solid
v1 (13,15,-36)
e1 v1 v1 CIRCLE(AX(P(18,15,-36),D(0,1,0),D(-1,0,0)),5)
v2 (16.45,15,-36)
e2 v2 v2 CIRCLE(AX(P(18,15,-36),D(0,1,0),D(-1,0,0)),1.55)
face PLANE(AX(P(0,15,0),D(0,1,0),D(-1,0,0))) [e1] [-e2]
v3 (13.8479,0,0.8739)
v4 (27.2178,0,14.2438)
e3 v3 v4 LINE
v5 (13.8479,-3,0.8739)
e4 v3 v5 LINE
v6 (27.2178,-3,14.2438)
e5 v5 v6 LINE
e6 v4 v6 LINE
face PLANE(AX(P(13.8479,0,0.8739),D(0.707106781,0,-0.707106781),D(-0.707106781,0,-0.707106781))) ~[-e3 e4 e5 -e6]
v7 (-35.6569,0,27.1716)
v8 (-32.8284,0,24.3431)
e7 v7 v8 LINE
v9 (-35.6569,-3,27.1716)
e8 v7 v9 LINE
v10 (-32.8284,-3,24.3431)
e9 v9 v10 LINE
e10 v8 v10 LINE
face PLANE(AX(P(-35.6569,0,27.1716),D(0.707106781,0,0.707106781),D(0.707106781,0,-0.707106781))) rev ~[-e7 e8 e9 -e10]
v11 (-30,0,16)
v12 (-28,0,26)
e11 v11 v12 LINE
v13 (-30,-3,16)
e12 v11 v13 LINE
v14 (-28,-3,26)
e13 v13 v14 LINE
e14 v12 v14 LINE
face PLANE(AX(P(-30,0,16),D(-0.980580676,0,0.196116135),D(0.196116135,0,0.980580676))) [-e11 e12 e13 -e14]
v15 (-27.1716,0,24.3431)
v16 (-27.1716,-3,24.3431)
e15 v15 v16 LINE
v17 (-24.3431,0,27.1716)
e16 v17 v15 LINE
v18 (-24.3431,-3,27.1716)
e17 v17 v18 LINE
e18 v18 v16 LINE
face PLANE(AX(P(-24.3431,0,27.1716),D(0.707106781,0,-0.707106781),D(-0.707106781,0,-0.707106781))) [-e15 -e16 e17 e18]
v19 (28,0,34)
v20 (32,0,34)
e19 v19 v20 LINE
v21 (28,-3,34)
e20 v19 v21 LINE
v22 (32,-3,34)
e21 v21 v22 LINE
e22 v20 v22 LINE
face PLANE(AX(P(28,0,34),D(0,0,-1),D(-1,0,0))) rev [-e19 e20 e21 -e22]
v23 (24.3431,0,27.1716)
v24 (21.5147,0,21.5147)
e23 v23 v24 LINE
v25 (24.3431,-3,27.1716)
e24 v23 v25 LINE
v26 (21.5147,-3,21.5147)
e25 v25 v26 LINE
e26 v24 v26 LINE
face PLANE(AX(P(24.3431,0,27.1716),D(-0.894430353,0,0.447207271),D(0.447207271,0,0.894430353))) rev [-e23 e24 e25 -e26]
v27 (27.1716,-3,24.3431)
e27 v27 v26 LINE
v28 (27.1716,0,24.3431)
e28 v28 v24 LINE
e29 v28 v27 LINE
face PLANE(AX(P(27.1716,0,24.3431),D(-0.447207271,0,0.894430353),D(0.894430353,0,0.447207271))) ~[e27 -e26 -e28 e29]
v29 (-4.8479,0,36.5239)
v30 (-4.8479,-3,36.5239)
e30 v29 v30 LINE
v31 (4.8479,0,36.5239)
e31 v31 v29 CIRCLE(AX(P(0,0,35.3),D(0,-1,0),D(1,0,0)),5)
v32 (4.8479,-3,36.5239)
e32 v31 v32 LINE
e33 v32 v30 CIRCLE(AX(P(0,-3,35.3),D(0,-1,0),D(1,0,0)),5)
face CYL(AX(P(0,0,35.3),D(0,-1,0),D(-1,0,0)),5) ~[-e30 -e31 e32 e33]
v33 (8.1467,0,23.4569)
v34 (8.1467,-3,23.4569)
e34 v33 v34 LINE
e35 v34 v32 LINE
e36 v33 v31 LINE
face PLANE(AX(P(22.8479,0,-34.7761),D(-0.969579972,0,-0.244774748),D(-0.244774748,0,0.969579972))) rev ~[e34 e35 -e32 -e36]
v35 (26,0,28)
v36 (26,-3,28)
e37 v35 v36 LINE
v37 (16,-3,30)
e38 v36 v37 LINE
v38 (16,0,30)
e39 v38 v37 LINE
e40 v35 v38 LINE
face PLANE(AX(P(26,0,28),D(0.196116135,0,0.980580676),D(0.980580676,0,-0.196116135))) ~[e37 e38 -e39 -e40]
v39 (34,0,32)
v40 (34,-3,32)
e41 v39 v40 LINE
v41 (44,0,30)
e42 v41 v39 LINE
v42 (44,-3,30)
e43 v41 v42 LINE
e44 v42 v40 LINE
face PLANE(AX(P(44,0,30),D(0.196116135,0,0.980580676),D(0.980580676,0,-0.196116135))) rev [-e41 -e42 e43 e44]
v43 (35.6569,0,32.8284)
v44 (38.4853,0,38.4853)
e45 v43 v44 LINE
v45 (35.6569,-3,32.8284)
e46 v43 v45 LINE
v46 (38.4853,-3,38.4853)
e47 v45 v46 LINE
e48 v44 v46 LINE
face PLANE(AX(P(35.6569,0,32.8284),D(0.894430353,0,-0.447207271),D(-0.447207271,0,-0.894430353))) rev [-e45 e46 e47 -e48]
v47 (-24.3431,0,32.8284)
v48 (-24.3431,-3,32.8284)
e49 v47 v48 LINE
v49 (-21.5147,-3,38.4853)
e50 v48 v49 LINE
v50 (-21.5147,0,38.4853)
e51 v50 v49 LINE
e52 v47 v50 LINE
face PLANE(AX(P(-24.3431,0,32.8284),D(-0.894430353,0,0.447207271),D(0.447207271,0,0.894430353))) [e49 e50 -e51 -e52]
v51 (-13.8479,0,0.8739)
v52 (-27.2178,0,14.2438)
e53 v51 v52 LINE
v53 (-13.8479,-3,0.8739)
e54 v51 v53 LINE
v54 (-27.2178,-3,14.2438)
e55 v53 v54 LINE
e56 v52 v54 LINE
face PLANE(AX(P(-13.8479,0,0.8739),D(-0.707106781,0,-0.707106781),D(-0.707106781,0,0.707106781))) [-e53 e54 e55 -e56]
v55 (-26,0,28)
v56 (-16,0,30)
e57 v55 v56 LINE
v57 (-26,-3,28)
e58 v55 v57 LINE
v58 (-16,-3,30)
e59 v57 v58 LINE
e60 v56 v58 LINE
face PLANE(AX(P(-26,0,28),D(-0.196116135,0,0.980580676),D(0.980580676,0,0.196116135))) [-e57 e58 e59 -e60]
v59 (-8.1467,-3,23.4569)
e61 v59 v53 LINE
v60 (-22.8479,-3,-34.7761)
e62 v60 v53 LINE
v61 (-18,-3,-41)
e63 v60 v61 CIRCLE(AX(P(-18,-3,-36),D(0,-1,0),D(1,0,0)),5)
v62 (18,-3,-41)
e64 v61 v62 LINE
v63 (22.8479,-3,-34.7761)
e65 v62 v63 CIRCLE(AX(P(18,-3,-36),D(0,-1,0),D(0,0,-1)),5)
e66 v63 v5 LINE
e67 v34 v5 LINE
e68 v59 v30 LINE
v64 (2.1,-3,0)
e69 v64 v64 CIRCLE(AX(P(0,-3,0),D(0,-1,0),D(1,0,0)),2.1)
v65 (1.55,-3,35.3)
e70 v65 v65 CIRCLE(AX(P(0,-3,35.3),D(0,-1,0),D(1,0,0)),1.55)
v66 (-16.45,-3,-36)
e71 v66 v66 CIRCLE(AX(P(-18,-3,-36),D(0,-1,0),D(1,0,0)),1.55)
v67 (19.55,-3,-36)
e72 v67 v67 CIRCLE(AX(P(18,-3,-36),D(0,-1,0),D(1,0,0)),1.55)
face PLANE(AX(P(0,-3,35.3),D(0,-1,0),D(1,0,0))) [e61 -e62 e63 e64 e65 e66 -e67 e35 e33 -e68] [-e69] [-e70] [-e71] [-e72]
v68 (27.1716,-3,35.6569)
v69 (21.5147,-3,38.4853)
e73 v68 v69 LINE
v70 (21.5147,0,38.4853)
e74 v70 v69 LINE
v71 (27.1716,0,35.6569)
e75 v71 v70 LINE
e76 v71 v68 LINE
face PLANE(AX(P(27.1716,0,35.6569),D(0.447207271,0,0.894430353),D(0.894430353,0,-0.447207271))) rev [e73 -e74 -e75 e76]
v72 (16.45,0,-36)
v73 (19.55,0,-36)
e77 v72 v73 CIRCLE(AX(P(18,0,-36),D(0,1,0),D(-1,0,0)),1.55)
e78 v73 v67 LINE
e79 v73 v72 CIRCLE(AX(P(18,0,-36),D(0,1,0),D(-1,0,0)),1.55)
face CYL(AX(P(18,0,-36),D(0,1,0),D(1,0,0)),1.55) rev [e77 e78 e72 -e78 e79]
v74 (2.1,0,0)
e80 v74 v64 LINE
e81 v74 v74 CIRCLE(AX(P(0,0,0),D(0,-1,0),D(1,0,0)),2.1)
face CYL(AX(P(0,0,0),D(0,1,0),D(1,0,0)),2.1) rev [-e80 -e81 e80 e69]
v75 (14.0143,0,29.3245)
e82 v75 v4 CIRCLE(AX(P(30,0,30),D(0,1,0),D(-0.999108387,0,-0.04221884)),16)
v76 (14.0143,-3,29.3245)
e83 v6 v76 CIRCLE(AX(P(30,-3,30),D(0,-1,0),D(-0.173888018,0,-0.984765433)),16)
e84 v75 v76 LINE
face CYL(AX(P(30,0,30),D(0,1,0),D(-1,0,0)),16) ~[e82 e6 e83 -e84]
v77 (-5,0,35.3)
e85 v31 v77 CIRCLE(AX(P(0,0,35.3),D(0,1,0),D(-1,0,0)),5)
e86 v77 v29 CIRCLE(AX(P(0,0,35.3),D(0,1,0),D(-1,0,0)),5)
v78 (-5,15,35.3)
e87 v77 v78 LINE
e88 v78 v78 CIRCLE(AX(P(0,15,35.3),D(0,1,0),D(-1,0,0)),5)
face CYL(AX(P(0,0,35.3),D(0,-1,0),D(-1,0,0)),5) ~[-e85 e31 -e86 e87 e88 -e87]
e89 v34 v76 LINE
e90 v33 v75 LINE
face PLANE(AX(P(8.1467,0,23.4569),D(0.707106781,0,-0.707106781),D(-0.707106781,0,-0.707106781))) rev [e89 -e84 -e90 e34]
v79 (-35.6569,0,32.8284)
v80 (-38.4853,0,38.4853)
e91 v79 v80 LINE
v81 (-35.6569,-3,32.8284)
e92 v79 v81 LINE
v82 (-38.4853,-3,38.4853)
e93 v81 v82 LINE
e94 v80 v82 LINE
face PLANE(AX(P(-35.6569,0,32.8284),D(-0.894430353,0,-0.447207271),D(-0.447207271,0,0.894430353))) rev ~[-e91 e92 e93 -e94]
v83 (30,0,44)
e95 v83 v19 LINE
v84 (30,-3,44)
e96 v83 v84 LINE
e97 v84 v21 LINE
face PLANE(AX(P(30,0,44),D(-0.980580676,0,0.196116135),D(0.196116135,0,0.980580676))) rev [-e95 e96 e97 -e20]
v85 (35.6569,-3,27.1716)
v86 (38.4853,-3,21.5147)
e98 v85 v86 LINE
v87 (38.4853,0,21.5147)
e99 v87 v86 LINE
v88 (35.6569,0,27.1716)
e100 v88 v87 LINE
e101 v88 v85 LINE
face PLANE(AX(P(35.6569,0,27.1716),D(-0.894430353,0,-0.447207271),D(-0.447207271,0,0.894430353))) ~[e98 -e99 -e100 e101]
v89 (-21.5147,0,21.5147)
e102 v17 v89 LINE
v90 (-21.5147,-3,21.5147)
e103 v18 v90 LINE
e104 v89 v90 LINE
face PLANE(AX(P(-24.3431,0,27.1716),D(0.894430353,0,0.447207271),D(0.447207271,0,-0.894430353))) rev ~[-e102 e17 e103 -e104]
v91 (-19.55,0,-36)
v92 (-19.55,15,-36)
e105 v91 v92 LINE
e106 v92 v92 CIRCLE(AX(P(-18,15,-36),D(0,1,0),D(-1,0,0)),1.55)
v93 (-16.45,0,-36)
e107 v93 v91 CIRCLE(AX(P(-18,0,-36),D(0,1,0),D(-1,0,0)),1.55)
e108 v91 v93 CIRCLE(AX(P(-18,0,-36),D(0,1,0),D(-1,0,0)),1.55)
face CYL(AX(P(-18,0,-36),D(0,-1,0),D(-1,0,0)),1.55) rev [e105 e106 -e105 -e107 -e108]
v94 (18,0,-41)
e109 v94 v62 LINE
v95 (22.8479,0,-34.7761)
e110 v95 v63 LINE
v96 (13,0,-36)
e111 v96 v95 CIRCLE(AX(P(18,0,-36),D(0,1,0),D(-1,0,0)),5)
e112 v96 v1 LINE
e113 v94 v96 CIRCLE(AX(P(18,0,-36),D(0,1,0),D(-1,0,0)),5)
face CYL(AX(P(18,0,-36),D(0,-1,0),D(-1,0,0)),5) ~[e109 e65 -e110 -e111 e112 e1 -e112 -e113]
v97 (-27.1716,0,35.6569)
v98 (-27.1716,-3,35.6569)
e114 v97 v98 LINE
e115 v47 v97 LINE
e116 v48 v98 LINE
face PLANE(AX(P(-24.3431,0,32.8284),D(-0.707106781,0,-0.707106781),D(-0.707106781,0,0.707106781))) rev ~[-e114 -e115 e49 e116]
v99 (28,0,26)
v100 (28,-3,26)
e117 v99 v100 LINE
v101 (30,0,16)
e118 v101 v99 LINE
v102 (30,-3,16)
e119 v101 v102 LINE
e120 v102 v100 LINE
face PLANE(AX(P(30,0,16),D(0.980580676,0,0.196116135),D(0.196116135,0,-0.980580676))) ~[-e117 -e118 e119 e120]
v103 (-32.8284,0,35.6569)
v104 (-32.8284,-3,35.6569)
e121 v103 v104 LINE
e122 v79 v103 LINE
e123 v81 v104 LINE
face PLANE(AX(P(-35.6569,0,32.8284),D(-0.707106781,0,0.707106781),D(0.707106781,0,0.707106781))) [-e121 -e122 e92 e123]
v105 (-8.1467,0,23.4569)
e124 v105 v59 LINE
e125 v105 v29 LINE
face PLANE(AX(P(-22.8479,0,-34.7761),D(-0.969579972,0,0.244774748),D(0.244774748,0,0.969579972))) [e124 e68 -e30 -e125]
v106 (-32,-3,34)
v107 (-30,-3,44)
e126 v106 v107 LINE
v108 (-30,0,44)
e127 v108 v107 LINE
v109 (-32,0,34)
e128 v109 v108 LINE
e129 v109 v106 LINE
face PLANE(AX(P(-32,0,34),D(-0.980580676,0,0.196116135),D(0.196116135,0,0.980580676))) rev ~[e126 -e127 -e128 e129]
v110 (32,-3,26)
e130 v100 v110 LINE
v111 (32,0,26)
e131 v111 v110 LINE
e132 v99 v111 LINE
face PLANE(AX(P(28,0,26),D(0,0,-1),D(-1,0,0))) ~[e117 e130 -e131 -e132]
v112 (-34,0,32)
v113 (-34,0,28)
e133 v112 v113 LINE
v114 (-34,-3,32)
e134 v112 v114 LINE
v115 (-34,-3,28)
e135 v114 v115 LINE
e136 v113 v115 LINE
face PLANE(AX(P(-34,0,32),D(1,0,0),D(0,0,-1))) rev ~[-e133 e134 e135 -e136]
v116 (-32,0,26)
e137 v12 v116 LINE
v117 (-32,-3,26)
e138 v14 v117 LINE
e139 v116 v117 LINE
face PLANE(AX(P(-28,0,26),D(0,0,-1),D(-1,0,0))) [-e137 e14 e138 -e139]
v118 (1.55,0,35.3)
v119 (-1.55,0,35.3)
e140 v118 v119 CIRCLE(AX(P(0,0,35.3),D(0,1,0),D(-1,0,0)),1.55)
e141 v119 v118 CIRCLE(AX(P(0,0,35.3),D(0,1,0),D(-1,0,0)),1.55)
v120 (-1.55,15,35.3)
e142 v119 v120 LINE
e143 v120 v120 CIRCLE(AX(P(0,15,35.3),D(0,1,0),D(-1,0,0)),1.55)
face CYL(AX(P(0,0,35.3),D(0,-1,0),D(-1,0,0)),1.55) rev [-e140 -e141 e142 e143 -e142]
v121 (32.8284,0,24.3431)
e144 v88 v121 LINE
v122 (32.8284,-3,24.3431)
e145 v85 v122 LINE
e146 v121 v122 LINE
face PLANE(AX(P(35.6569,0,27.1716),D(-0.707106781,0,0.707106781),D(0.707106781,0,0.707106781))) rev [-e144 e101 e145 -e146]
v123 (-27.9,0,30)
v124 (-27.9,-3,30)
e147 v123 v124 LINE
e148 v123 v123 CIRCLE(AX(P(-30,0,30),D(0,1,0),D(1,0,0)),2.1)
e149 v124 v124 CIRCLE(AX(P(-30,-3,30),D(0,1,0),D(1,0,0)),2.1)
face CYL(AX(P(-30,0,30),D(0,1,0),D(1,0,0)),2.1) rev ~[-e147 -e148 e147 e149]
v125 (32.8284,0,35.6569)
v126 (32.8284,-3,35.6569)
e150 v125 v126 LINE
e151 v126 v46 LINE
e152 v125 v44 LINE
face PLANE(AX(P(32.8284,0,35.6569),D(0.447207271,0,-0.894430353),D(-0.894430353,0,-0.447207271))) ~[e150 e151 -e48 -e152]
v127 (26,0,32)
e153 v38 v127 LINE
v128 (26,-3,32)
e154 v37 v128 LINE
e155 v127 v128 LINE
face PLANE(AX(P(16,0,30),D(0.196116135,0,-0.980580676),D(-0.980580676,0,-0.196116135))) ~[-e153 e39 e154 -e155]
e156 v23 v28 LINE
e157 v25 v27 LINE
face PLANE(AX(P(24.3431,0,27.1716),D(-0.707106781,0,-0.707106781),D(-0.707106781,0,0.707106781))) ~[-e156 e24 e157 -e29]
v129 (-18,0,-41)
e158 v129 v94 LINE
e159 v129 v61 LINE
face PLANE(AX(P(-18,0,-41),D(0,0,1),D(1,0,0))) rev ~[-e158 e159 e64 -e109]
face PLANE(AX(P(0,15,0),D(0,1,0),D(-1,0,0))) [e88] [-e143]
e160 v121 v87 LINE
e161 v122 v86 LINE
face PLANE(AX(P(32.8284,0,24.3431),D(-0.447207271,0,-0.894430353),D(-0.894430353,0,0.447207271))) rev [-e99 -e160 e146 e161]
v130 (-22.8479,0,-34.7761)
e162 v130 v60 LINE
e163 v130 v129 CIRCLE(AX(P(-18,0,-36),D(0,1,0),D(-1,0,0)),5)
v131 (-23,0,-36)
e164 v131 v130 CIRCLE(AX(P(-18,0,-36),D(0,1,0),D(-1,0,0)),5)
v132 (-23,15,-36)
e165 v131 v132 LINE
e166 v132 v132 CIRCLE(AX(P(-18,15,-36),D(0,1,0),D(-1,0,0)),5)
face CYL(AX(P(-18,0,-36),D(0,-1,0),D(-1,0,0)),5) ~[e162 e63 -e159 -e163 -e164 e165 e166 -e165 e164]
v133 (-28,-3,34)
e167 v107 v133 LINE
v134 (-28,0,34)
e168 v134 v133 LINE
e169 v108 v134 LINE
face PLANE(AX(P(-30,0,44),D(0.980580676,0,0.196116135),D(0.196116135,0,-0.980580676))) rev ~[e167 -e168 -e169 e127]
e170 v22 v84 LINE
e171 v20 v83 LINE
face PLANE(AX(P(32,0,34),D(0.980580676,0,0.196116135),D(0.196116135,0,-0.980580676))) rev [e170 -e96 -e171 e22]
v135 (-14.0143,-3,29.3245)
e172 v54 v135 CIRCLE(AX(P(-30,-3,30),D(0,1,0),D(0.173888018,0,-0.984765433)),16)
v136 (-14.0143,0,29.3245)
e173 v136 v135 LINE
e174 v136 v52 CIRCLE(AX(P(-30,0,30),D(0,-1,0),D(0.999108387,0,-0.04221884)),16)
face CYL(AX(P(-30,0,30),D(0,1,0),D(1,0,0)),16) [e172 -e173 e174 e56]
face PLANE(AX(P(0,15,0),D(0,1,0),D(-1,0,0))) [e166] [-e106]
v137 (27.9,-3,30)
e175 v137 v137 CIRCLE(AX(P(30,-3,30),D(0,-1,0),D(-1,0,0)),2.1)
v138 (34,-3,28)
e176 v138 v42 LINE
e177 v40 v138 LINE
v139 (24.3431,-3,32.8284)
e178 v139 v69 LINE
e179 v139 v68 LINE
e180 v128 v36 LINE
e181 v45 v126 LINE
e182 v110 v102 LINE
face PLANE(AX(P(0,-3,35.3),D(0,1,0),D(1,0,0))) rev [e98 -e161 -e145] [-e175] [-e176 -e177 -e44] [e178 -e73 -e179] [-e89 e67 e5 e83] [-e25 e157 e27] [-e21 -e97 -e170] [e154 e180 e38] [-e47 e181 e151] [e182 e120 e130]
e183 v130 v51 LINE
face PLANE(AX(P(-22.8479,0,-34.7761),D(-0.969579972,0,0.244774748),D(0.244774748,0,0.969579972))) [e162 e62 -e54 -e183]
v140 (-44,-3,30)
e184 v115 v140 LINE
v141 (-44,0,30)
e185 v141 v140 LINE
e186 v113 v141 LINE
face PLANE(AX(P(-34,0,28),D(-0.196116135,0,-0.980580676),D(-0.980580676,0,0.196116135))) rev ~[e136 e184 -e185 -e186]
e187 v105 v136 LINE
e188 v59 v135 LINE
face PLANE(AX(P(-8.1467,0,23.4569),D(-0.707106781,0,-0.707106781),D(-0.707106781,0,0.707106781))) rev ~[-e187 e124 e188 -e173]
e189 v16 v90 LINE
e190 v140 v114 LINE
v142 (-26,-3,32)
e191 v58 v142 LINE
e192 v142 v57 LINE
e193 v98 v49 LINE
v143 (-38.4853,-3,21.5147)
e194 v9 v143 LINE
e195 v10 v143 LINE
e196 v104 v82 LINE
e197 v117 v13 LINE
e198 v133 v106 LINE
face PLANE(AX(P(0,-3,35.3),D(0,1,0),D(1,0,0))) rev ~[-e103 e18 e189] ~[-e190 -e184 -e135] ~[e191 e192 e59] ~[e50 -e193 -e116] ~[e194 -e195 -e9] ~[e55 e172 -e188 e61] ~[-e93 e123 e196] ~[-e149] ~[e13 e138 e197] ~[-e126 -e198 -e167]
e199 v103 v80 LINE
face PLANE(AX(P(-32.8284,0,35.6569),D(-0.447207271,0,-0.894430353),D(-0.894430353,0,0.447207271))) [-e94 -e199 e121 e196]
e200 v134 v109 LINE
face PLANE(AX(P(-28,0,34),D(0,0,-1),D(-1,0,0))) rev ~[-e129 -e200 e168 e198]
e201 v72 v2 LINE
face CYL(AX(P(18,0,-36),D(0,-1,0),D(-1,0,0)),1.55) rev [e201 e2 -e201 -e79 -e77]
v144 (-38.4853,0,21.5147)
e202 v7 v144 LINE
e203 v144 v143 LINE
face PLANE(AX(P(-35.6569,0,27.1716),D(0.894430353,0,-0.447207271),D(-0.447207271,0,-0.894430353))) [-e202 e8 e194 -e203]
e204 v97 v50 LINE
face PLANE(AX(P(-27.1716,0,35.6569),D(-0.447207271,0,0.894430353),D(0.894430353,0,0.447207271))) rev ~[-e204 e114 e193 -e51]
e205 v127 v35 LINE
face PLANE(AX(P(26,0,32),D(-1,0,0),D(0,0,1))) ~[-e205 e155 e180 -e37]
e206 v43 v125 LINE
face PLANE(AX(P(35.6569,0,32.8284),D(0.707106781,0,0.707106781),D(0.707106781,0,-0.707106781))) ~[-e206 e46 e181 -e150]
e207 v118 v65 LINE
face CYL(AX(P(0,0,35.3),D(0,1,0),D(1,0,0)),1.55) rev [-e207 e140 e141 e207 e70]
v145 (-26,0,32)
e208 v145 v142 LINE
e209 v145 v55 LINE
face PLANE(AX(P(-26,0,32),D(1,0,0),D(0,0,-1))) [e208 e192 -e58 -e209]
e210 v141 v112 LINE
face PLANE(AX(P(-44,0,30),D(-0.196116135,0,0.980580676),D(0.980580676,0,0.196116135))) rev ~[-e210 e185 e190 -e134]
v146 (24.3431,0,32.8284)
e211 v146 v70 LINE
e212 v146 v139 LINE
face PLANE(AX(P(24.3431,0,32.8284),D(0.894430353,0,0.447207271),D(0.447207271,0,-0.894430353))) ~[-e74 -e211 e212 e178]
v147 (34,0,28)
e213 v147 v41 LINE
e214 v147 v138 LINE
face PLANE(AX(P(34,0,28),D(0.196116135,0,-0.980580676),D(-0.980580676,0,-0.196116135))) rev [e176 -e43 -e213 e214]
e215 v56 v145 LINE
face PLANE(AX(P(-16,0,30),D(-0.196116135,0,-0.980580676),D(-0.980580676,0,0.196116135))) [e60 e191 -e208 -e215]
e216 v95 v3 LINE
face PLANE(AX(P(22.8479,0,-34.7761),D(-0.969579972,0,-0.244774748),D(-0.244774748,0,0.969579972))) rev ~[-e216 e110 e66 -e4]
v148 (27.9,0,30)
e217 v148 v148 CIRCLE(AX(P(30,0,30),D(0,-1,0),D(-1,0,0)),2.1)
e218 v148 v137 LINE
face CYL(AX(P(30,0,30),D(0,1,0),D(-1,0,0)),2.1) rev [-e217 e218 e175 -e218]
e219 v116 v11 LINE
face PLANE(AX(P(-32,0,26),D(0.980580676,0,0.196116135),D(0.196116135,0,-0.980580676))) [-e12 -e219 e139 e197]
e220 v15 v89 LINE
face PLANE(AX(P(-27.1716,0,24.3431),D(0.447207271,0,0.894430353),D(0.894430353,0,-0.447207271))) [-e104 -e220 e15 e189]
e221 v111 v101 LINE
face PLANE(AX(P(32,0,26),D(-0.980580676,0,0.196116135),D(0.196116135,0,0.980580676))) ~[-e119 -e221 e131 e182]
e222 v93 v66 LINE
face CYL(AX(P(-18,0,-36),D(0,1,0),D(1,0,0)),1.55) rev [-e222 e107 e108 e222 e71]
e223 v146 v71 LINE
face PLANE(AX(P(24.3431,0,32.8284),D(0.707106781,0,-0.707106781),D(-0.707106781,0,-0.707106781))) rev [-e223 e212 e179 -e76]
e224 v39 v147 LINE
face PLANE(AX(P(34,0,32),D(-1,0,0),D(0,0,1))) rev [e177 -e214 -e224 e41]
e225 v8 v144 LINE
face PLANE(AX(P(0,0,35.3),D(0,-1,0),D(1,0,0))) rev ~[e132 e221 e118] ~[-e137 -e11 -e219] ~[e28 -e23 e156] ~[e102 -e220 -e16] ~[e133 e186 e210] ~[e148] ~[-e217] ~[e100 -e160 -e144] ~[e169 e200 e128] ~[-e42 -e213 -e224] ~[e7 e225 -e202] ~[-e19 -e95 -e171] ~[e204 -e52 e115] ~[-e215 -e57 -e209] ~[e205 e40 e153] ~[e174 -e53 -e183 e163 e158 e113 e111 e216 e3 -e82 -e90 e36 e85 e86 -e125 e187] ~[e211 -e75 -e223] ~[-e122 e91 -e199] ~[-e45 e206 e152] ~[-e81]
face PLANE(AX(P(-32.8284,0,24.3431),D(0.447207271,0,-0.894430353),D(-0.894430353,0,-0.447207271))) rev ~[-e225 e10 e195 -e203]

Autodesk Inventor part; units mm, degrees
ref_plane "YZ Plane" through (0, 0, 0) normal (1, 0, 0) x (0, 1, 0)
ref_plane "XZ Plane" through (0, 0, 0) normal (0, 1, 0) x (-1, 0, 0)
ref_plane "XY Plane" through (0, 0, 0) normal (0, 0, 1) x (1, 0, 0)
sketch "Sketch1" plane through (0, 0, 0) normal (0, 1, 0) x (-1, 0, 0)
  circle A0 centre (0, 35.3) radius 1.55
  circle A1 centre (18, -36) radius 1.55
  circle A2 centre (-18, -36) radius 1.55
  circle A3 centre (0, 35.3) radius 5
  circle A4 centre (18, -36) radius 5
  circle A5 centre (-18, -36) radius 5
  point P0 (0, 0)
  dimension "d0" = 35.3
  dimension "d1" = 36
  dimension "d2" = 3.1
  dimension "d3" = 10
  dimension "d4" = 36
  dimension "d5" = 18
extrude "Extrusion1" add sketch "Sketch1" along normal blind 15
sketch "Sketch2" plane through (0, 0, 35.3) normal (0, -1, 0) x (1, 0, 0)
  circle A0 centre (0, 0) radius 5 projected
  circle A1 centre (0, 0) radius 1.55 projected
  circle A2 centre (-18, -71.3) radius 1.55 projected
  circle A3 centre (-18, -71.3) radius 5 projected
  circle A4 centre (18, -71.3) radius 1.55 projected
  circle A5 centre (18, -71.3) radius 5 projected
  line L0 (-22.8479, -70.0761) -> (-4.8479, 1.2239)
  line L1 (22.8479, -70.0761) -> (4.8479, 1.2239)
  line L2 (-18, -76.3) -> (18, -76.3)
  circle A6 centre (0, -35.3) radius 2.1
  dimension "d8" = 4.2
extrude "Extrusion2" add sketch "Sketch2" along normal blind 3
sketch "Sketch3" plane through (0, 0, 35.3) normal (0, 1, 0) x (1, 0, 0)
  circle A0 centre (-30, 5.3) radius 16
  circle A1 centre (0, 35.3) radius 29.9 construction
  line L0 (0, 35.3) -> (-30, 5.3) construction
  line L1 (0, 35.3) -> (-30, 35.3) construction
  circle A2 centre (-30, 5.3) radius 2.1 construction
  line L2 (-28, 9.3) -> (-32, 9.3)
  line L3 (-32, 9.3) -> (-30, 19.3)
  line L4 (-30, 19.3) -> (-28, 9.3)
  line L5 (-27.9, 5.3) -> (-32.1, 5.3) construction
  line L6 (-30, 3.2) -> (-30, 7.4) construction
  line L7 (-30, 5.3) -> (-30, 35.3) construction
  line L8 (-26, 3.3) -> (-26, 7.3)
  line L9 (-26, 7.3) -> (-16, 5.3)
  line L10 (-16, 5.3) -> (-26, 3.3)
  line L11 (-24.3431, 8.1284) -> (-27.1716, 10.9569)
  line L12 (-27.1716, 10.9569) -> (-21.5147, 13.7853)
  line L13 (-24.3431, 8.1284) -> (-21.5147, 13.7853)
  circle A3 centre (-30, 5.3) radius 2.1
  line L14 (-24.3431, 2.4716) -> (-27.1716, -0.3569)
  line L15 (-27.1716, -0.3569) -> (-21.5147, -3.1853)
  line L16 (-24.3431, 2.4716) -> (-21.5147, -3.1853)
  line L17 (-35.6569, 8.1284) -> (-32.8284, 10.9569)
  line L18 (-32.8284, 10.9569) -> (-38.4853, 13.7853)
  line L19 (-35.6569, 8.1284) -> (-38.4853, 13.7853)
  line L20 (-35.6569, 2.4716) -> (-38.4853, -3.1853)
  line L21 (-32.8284, -0.3569) -> (-38.4853, -3.1853)
  line L22 (-35.6569, 2.4716) -> (-32.8284, -0.3569)
  line L23 (-34, 3.3) -> (-34, 7.3)
  line L24 (-34, 7.3) -> (-44, 5.3)
  line L25 (-44, 5.3) -> (-34, 3.3)
  line L26 (-28, 1.3) -> (-32, 1.3)
  line L27 (-32, 1.3) -> (-30, -8.7)
  line L28 (-30, -8.7) -> (-28, 1.3)
  circle A4 centre (0, 0) radius 5 projected
  line L29 (-4.8479, -1.2239) -> (-22.8479, 70.0761) projected
  line L30 (-13.8479, 34.4261) -> (-27.2178, 21.0562)
  line L31 (-8.1467, 11.8431) -> (-14.0143, 5.9755)
  circle A5 centre (0, 35.3) radius 2.1 construction
  point P0 (-25.7574, 9.5426)
  dimension "d41" = 59.8
  dimension "d49" = 30
  dimension "d50" = 45
  dimension "d51" = 32
  dimension "d52" = 4.2
  dimension "d53" = 4
  dimension "d54" = 10
  dimension "d55" = 4
  dimension "d56" = 4
  dimension "d57" = 4
  dimension "d58" = 6
  dimension "d59" = 6
  dimension "d70" = 20
  dimension "d71" = 45
extrude "Extrusion3" add sketch "Sketch3" against normal blind 3 contours A0 | A0 L30 L29 L31
mirror "Mirror1" about plane through (0, 0, 0) normal (1, 0, 0) of "Extrusion3"
equation "\"d5\" = 0.5 * d4"
properties part number "BASE_LIDAR" material "ABS Plastic"
